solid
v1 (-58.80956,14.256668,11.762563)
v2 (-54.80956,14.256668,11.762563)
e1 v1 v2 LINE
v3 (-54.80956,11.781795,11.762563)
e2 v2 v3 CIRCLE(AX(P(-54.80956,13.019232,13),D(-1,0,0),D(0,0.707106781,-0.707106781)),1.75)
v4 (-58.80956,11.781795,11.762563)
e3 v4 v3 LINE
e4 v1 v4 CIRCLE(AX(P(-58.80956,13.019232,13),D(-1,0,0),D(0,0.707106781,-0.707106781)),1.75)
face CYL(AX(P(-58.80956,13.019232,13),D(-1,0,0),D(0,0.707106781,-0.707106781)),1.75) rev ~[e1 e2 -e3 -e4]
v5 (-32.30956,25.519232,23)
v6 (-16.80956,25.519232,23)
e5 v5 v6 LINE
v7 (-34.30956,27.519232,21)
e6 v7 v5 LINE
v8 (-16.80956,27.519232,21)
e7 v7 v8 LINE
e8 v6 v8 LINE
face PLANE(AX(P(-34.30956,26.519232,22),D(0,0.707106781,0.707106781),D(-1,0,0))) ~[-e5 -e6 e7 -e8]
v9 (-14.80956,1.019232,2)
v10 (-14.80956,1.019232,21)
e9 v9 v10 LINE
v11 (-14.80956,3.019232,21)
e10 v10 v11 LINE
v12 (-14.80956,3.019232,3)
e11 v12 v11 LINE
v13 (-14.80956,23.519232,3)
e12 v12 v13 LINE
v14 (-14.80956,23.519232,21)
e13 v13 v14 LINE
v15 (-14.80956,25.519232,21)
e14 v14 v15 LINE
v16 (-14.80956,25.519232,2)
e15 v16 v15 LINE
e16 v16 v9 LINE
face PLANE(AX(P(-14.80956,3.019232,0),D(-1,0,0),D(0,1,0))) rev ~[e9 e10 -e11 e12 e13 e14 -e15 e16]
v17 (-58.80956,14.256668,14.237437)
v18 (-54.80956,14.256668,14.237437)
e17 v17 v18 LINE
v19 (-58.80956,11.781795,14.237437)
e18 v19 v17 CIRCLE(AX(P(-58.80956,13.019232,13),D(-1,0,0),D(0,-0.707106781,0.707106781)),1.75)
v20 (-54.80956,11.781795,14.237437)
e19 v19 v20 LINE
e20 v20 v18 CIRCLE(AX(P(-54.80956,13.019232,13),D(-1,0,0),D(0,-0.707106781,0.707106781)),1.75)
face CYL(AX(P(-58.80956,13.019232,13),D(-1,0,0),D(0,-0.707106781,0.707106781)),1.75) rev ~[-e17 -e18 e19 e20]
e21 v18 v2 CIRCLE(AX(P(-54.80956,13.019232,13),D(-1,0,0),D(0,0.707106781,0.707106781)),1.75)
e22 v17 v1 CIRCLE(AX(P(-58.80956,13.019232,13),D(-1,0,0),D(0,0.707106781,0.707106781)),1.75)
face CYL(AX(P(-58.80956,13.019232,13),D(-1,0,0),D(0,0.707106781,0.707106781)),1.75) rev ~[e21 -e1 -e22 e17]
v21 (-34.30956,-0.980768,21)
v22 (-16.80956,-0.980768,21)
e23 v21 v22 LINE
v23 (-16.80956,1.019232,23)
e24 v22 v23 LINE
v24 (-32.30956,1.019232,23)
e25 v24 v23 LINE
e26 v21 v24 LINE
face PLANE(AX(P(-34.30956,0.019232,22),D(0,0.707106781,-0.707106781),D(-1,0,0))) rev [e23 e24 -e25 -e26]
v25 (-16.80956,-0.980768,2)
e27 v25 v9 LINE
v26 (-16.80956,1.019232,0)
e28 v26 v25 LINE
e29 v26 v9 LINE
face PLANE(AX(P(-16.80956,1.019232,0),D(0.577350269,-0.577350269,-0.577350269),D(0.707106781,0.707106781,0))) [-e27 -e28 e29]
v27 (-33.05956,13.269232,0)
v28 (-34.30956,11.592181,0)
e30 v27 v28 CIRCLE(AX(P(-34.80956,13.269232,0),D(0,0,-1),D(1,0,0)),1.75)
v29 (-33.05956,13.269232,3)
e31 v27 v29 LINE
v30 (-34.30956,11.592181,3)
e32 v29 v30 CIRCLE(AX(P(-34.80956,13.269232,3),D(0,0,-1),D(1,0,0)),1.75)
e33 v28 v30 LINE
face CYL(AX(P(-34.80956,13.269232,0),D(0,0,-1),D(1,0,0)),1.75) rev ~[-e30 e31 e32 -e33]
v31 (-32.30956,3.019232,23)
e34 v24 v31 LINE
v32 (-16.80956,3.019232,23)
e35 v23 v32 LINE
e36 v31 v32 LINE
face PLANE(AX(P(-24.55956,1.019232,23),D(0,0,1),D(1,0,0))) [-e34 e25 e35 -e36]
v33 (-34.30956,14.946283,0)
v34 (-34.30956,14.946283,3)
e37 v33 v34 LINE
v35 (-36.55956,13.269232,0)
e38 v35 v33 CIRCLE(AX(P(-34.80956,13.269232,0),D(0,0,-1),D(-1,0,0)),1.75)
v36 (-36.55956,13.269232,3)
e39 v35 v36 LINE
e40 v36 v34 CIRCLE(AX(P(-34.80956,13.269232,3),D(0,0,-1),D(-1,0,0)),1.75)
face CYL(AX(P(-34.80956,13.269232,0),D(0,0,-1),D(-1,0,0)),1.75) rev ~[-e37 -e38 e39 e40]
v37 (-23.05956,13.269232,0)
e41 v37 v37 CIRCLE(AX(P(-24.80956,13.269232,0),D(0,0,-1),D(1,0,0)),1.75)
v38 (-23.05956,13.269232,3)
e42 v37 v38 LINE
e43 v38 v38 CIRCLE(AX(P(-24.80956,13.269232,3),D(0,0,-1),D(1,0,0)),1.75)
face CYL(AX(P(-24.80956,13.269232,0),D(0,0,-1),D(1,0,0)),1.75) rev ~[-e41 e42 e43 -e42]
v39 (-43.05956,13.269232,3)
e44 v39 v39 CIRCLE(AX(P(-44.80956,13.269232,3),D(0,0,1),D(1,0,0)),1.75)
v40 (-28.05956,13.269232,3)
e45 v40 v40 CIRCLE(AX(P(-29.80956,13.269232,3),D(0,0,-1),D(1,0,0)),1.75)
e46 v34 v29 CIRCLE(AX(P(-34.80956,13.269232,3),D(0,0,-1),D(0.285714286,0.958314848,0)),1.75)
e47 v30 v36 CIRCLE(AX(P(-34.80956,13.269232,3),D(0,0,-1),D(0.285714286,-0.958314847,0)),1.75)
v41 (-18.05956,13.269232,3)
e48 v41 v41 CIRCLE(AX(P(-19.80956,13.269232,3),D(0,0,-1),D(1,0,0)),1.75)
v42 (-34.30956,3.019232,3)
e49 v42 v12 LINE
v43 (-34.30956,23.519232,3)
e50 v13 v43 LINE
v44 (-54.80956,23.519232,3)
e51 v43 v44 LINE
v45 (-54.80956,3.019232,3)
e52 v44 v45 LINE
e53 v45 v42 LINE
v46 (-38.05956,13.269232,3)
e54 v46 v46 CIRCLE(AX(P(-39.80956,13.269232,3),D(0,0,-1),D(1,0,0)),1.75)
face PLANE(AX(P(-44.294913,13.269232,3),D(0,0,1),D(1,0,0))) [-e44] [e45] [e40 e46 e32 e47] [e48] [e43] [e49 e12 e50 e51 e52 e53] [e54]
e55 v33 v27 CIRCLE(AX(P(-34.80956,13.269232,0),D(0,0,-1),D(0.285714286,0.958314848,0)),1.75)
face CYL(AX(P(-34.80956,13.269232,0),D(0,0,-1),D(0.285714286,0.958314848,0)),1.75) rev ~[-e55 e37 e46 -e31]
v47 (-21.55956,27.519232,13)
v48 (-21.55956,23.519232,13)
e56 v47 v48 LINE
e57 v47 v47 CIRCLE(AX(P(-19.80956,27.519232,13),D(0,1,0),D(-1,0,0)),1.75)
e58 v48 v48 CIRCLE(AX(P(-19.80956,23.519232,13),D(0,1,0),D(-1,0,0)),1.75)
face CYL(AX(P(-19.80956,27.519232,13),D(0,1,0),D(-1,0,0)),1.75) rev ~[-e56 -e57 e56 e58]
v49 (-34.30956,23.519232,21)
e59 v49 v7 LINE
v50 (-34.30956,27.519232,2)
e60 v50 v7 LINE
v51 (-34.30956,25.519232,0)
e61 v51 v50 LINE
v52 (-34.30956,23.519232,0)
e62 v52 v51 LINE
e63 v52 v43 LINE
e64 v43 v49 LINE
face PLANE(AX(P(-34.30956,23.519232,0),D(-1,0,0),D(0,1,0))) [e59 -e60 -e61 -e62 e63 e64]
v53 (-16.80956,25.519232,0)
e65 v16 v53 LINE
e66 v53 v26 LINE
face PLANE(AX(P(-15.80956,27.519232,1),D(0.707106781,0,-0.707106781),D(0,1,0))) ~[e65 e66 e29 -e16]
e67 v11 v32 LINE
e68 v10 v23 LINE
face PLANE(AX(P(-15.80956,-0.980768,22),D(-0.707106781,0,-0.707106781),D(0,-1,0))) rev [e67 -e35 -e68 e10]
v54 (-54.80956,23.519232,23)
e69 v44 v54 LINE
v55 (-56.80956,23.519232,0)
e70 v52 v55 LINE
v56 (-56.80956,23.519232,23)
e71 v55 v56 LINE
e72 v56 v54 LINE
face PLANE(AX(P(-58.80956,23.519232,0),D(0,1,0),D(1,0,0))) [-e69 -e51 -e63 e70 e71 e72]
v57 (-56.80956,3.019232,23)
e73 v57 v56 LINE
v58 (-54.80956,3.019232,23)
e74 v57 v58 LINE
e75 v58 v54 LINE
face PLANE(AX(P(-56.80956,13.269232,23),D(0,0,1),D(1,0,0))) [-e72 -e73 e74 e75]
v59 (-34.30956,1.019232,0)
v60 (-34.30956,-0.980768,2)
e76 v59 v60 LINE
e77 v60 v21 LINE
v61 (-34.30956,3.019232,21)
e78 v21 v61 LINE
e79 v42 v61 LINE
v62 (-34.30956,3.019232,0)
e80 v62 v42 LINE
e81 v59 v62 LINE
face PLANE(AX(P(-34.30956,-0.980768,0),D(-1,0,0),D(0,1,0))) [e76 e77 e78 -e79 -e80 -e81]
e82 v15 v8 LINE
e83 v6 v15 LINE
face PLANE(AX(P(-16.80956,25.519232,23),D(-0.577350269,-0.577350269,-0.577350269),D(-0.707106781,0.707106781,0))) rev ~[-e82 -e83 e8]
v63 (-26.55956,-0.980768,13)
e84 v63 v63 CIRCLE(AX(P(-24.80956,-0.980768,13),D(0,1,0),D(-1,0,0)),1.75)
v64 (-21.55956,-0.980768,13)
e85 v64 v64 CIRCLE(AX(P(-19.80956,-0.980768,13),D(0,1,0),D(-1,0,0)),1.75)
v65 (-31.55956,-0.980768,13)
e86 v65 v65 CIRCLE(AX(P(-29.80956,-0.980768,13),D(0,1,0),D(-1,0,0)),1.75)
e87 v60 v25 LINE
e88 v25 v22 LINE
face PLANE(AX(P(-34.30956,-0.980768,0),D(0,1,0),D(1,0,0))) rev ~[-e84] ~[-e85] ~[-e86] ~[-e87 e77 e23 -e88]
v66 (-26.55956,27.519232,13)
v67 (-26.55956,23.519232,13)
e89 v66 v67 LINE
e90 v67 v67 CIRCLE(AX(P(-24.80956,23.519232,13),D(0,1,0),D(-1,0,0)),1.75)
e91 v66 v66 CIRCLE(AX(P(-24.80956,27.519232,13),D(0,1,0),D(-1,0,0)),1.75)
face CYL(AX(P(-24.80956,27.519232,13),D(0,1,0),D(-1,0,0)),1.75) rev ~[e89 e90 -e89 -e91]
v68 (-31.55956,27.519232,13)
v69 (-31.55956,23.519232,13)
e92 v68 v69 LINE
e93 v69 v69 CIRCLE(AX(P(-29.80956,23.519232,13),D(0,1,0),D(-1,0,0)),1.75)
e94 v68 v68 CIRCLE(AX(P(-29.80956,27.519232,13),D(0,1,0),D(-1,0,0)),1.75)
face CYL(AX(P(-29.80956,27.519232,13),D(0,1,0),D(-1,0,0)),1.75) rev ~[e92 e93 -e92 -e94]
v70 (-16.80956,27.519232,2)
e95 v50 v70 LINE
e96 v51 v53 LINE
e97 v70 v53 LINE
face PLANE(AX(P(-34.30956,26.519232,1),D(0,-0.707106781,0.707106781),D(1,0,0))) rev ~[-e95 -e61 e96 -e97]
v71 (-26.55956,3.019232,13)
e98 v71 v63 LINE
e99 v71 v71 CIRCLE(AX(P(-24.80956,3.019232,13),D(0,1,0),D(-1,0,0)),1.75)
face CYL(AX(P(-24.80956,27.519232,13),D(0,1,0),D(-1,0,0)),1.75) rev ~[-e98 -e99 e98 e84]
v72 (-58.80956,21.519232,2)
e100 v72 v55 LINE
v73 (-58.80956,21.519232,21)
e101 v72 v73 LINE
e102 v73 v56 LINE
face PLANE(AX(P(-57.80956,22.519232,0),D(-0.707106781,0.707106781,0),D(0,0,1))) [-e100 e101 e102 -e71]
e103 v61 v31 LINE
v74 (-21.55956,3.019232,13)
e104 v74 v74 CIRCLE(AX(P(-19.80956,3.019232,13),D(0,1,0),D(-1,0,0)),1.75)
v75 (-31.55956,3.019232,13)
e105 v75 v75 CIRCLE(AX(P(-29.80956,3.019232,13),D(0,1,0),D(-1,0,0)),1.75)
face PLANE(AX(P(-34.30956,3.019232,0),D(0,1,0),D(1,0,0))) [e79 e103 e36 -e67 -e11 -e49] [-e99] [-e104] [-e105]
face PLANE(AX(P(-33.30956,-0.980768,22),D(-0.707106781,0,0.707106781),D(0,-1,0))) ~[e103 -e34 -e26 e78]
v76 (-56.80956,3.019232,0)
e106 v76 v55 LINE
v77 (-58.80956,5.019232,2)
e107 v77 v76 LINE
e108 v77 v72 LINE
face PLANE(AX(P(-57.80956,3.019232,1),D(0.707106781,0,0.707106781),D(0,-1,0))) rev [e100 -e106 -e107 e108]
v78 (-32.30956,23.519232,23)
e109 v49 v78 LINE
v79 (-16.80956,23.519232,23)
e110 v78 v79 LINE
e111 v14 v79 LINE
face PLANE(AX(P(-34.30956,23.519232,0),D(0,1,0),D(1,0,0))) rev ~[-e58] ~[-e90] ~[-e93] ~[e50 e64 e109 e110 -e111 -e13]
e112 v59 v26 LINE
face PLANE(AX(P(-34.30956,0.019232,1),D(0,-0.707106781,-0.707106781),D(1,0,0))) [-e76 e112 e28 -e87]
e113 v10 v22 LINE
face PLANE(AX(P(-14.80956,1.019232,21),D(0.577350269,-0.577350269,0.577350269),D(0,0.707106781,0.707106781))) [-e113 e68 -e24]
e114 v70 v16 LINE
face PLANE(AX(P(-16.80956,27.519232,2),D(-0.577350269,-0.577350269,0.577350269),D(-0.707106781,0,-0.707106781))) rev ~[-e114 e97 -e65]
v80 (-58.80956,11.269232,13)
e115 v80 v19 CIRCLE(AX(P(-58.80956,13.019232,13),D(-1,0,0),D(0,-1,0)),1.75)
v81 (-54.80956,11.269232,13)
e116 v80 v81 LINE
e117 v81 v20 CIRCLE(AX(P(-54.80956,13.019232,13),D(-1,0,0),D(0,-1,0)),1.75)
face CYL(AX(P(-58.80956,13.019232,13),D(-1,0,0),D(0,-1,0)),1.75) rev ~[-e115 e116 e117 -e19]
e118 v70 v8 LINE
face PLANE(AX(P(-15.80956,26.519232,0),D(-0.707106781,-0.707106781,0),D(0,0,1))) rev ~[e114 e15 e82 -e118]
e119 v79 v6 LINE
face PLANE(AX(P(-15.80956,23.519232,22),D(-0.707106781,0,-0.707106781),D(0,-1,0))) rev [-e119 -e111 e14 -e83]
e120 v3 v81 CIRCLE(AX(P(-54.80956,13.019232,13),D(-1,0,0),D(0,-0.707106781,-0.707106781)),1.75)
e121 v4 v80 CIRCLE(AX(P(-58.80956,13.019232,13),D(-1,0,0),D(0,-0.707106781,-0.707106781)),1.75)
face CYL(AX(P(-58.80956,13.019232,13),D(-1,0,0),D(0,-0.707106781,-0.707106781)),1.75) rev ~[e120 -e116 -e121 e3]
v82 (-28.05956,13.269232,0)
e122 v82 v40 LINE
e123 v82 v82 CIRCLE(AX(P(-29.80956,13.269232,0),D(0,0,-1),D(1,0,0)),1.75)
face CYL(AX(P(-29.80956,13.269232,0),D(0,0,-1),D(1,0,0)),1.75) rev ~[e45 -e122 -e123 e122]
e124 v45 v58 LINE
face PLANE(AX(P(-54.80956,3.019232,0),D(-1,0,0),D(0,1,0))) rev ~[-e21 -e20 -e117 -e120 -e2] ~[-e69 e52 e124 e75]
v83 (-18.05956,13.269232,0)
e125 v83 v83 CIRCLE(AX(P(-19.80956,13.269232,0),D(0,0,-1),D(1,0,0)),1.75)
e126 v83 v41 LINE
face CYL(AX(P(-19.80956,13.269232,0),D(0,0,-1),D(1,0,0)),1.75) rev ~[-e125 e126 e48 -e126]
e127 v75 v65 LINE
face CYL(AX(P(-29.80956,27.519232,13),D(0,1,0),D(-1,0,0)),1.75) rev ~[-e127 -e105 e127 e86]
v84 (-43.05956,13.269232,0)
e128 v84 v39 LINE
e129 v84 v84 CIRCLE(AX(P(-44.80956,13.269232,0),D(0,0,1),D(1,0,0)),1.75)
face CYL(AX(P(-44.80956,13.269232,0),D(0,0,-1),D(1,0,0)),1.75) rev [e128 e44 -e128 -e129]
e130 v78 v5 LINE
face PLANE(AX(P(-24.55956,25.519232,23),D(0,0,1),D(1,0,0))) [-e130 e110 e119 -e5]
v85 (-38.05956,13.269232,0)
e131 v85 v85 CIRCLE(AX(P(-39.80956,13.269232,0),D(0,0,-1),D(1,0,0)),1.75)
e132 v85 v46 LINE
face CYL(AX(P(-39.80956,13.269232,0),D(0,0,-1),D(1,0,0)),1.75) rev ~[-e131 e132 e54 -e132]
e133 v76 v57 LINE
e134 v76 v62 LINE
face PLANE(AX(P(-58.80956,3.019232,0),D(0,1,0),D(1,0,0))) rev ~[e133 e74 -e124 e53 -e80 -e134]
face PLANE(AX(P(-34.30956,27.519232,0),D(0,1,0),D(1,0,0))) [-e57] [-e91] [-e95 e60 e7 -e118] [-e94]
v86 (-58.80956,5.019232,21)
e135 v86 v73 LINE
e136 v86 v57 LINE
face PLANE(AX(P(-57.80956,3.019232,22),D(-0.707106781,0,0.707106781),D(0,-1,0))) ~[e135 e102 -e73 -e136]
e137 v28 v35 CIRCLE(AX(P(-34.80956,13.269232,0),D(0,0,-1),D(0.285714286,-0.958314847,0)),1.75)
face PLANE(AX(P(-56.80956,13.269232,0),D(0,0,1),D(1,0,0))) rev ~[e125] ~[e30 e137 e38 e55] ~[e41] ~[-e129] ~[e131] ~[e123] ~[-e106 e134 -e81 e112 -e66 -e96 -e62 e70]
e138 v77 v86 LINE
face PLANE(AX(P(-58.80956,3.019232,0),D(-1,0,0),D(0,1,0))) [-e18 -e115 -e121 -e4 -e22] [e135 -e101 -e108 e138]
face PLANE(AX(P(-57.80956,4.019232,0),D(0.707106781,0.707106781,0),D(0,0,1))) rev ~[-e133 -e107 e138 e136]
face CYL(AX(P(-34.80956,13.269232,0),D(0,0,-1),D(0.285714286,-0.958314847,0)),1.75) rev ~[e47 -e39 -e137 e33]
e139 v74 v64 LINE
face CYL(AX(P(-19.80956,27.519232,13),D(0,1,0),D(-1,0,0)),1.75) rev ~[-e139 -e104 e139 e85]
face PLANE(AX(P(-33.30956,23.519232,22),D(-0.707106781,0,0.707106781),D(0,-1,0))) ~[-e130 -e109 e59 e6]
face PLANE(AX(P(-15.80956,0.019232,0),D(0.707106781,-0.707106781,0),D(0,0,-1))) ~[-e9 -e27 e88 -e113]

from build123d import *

# Parameters (mm, degrees)
F0_R     = 1.75
F1_DEPTH = 3
F0_W     = 4
F0_H     = 20.5
F0_W_2   = 19.5
F0_H_2   = 4
F2_DEPTH = 23
F3_R     = 1.75
F4_DEPTH = 28.501
F6_DEPTH = 25
F7_SIZE  = 2


with BuildPart() as f1:
    # F0 (on Top) → F1 (new body)
    with BuildSketch(Plane.XY):
        with BuildLine():
            Line((-34.3095597923, 23.5192315383), (-54.8095597923, 23.5192315383))
            Line((-54.8095597923, 23.5192315383), (-54.8095597923, 3.0192315383))
            Line((-54.8095597923, 3.0192315383), (-34.3095597923, 3.0192315383))
            Line((-34.3095597923, 3.0192315383), (-34.3095597923, 11.5921805552))
            ThreePointArc((-34.3095597923, 11.5921805552), (-35.8553848254, 11.8661100182), (-36.5595597923, 13.2692315383))
            ThreePointArc((-36.5595597923, 13.2692315383), (-35.8553848254, 14.6723530583), (-34.3095597923, 14.9462825214))
            Line((-34.3095597923, 14.9462825214), (-34.3095597923, 23.5192315383))
        make_face()
        with Locations((-44.8095597923, 13.2692315383)):
            Circle(F0_R, mode=Mode.SUBTRACT)
        with BuildLine():
            ThreePointArc((-41.5595597923, 13.2692315383), (-39.8095597923, 15.0192315383), (-38.0595597923, 13.2692315383))
            ThreePointArc((-38.0595597923, 13.2692315383), (-39.8095597923, 11.5192315383), (-41.5595597923, 13.2692315383))
        make_face(mode=Mode.SUBTRACT)
        with BuildLine():
            Line((-14.8095597923, 23.5192315383), (-34.3095597923, 23.5192315383))
            Line((-34.3095597923, 23.5192315383), (-34.3095597923, 14.9462825214))
            ThreePointArc((-34.3095597923, 14.9462825214), (-33.4064382722, 14.3150565715), (-33.0595597923, 13.2692315383))
            Line((-33.0595597923, 13.2692315383), (-31.5595597923, 13.2692315383))
            ThreePointArc((-31.5595597923, 13.2692315383), (-29.8095597923, 15.0192315383), (-28.0595597923, 13.2692315383))
            Line((-28.0595597923, 13.2692315383), (-26.5595597923, 13.2692315383))
            ThreePointArc((-26.5595597923, 13.2692315383), (-24.8095597923, 15.0192315383), (-23.0595597923, 13.2692315383))
            Line((-23.0595597923, 13.2692315383), (-21.5595597923, 13.2692315383))
            ThreePointArc((-21.5595597923, 13.2692315383), (-19.8095597923, 15.0192315383), (-18.0595597923, 13.2692315383))
            Line((-18.0595597923, 13.2692315383), (-14.8095597923, 13.2692315383))
            Line((-14.8095597923, 13.2692315383), (-14.8095597923, 23.5192315383))
        make_face()
        with BuildLine():
            Line((-34.3095597923, 11.5921805552), (-34.3095597923, 3.0192315383))
            Line((-34.3095597923, 3.0192315383), (-14.8095597923, 3.0192315383))
            Line((-14.8095597923, 3.0192315383), (-14.8095597923, 13.2692315383))
            Line((-14.8095597923, 13.2692315383), (-18.0595597923, 13.2692315383))
            ThreePointArc((-18.0595597923, 13.2692315383), (-19.8095597923, 11.5192315383), (-21.5595597923, 13.2692315383))
            Line((-21.5595597923, 13.2692315383), (-23.0595597923, 13.2692315383))
            ThreePointArc((-23.0595597923, 13.2692315383), (-24.8095597923, 11.5192315383), (-26.5595597923, 13.2692315383))
            Line((-26.5595597923, 13.2692315383), (-28.0595597923, 13.2692315383))
            ThreePointArc((-28.0595597923, 13.2692315383), (-29.8095597923, 11.5192315383), (-31.5595597923, 13.2692315383))
            Line((-31.5595597923, 13.2692315383), (-33.0595597923, 13.2692315383))
            ThreePointArc((-33.0595597923, 13.2692315383), (-33.4064382722, 12.2234065051), (-34.3095597923, 11.5921805552))
        make_face()
    extrude(amount=F1_DEPTH)

    # F0 (on Top) → F2 (join)
    with BuildSketch(Plane.XY):
        with Locations((-56.8095597923, 13.2692315383)):
            Rectangle(F0_W, F0_H)
        with Locations((-24.5595597923, 1.0192315383)):
            Rectangle(F0_W_2, F0_H_2)
        with Locations((-24.5595597923, 25.5192315383)):
            Rectangle(F0_W_2, F0_H_2)
    extrude(amount=F2_DEPTH)

    # F3 (on face) → F4 (cut, through all)
    with BuildSketch(Plane(origin=(0, 27.5192315383, 0), x_dir=(-1, 0, 0), z_dir=(0, 1, 0))):
        with Locations((19.8095597923, 13)):
            Circle(F3_R)
        with Locations((24.8095597923, 13)):
            Circle(F3_R)
        with Locations((29.8095597923, 13)):
            Circle(F3_R)
        with Locations((39.8095597923, 13)):
            Circle(F3_R)
        with Locations((44.8095597923, 13)):
            Circle(F3_R)
        with Locations((49.8095597923, 13)):
            Circle(F3_R)
    extrude(amount=-F4_DEPTH, mode=Mode.SUBTRACT)

    # F5 (on face) → F6 (cut)
    with BuildSketch(Plane(origin=(-58.8095597923, 0, 0), x_dir=(0, -1, 0), z_dir=(-1, 0, 0))):
        with BuildLine():
            Line((-13.0192315383, 13), (-11.7817946712, 14.2374368671))
            ThreePointArc((-11.7817946712, 14.2374368671), (-13.0192315383, 14.75), (-14.2566684054, 14.2374368671))
            Line((-14.2566684054, 14.2374368671), (-13.0192315383, 13))
        make_face()
        with BuildLine():
            ThreePointArc((-14.2566684054, 11.7625631329), (-13.0192315383, 11.25), (-11.7817946712, 11.7625631329))
            Line((-11.7817946712, 11.7625631329), (-13.0192315383, 13))
            Line((-13.0192315383, 13), (-14.2566684054, 11.7625631329))
        make_face()
        with BuildLine():
            ThreePointArc((-11.2692315383, 13), (-11.4024423564, 13.6696960066), (-11.7817946712, 14.2374368671))
            Line((-11.7817946712, 14.2374368671), (-13.0192315383, 13))
            Line((-13.0192315383, 13), (-11.7817946712, 11.7625631329))
            ThreePointArc((-11.7817946712, 11.7625631329), (-11.4024423564, 12.3303039934), (-11.2692315383, 13))
        make_face()
        with BuildLine():
            Line((-13.0192315383, 13), (-14.2566684054, 14.2374368671))
            ThreePointArc((-14.2566684054, 14.2374368671), (-14.7692315383, 13), (-14.2566684054, 11.7625631329))
            Line((-14.2566684054, 11.7625631329), (-13.0192315383, 13))
        make_face()
    extrude(amount=-F6_DEPTH, mode=Mode.SUBTRACT)

    # F7
    f7_edges = [f1.edges().sort_by_distance(p)[0] for p in [
        (-24.55956, -0.980768, 23),
        (-14.80956, -0.980768, 11.5),
        (-24.55956, -0.980768, 0),
        (-14.80956, 13.269232, 0),
        (-14.80956, 27.519232, 11.5),
        (-14.80956, 1.019232, 23),
        (-14.80956, 25.519232, 23),
        (-24.55956, 27.519232, 23),
        (-34.30956, 25.519232, 23),
        (-34.30956, 1.019232, 23),
        (-24.55956, 27.519232, 0),
        (-58.80956, 23.519232, 11.5),
        (-58.80956, 3.019232, 11.5),
        (-58.80956, 13.269232, 23),
        (-58.80956, 13.269232, 0),
    ]]
    chamfer(f7_edges, length=F7_SIZE)


solid = f1.part
